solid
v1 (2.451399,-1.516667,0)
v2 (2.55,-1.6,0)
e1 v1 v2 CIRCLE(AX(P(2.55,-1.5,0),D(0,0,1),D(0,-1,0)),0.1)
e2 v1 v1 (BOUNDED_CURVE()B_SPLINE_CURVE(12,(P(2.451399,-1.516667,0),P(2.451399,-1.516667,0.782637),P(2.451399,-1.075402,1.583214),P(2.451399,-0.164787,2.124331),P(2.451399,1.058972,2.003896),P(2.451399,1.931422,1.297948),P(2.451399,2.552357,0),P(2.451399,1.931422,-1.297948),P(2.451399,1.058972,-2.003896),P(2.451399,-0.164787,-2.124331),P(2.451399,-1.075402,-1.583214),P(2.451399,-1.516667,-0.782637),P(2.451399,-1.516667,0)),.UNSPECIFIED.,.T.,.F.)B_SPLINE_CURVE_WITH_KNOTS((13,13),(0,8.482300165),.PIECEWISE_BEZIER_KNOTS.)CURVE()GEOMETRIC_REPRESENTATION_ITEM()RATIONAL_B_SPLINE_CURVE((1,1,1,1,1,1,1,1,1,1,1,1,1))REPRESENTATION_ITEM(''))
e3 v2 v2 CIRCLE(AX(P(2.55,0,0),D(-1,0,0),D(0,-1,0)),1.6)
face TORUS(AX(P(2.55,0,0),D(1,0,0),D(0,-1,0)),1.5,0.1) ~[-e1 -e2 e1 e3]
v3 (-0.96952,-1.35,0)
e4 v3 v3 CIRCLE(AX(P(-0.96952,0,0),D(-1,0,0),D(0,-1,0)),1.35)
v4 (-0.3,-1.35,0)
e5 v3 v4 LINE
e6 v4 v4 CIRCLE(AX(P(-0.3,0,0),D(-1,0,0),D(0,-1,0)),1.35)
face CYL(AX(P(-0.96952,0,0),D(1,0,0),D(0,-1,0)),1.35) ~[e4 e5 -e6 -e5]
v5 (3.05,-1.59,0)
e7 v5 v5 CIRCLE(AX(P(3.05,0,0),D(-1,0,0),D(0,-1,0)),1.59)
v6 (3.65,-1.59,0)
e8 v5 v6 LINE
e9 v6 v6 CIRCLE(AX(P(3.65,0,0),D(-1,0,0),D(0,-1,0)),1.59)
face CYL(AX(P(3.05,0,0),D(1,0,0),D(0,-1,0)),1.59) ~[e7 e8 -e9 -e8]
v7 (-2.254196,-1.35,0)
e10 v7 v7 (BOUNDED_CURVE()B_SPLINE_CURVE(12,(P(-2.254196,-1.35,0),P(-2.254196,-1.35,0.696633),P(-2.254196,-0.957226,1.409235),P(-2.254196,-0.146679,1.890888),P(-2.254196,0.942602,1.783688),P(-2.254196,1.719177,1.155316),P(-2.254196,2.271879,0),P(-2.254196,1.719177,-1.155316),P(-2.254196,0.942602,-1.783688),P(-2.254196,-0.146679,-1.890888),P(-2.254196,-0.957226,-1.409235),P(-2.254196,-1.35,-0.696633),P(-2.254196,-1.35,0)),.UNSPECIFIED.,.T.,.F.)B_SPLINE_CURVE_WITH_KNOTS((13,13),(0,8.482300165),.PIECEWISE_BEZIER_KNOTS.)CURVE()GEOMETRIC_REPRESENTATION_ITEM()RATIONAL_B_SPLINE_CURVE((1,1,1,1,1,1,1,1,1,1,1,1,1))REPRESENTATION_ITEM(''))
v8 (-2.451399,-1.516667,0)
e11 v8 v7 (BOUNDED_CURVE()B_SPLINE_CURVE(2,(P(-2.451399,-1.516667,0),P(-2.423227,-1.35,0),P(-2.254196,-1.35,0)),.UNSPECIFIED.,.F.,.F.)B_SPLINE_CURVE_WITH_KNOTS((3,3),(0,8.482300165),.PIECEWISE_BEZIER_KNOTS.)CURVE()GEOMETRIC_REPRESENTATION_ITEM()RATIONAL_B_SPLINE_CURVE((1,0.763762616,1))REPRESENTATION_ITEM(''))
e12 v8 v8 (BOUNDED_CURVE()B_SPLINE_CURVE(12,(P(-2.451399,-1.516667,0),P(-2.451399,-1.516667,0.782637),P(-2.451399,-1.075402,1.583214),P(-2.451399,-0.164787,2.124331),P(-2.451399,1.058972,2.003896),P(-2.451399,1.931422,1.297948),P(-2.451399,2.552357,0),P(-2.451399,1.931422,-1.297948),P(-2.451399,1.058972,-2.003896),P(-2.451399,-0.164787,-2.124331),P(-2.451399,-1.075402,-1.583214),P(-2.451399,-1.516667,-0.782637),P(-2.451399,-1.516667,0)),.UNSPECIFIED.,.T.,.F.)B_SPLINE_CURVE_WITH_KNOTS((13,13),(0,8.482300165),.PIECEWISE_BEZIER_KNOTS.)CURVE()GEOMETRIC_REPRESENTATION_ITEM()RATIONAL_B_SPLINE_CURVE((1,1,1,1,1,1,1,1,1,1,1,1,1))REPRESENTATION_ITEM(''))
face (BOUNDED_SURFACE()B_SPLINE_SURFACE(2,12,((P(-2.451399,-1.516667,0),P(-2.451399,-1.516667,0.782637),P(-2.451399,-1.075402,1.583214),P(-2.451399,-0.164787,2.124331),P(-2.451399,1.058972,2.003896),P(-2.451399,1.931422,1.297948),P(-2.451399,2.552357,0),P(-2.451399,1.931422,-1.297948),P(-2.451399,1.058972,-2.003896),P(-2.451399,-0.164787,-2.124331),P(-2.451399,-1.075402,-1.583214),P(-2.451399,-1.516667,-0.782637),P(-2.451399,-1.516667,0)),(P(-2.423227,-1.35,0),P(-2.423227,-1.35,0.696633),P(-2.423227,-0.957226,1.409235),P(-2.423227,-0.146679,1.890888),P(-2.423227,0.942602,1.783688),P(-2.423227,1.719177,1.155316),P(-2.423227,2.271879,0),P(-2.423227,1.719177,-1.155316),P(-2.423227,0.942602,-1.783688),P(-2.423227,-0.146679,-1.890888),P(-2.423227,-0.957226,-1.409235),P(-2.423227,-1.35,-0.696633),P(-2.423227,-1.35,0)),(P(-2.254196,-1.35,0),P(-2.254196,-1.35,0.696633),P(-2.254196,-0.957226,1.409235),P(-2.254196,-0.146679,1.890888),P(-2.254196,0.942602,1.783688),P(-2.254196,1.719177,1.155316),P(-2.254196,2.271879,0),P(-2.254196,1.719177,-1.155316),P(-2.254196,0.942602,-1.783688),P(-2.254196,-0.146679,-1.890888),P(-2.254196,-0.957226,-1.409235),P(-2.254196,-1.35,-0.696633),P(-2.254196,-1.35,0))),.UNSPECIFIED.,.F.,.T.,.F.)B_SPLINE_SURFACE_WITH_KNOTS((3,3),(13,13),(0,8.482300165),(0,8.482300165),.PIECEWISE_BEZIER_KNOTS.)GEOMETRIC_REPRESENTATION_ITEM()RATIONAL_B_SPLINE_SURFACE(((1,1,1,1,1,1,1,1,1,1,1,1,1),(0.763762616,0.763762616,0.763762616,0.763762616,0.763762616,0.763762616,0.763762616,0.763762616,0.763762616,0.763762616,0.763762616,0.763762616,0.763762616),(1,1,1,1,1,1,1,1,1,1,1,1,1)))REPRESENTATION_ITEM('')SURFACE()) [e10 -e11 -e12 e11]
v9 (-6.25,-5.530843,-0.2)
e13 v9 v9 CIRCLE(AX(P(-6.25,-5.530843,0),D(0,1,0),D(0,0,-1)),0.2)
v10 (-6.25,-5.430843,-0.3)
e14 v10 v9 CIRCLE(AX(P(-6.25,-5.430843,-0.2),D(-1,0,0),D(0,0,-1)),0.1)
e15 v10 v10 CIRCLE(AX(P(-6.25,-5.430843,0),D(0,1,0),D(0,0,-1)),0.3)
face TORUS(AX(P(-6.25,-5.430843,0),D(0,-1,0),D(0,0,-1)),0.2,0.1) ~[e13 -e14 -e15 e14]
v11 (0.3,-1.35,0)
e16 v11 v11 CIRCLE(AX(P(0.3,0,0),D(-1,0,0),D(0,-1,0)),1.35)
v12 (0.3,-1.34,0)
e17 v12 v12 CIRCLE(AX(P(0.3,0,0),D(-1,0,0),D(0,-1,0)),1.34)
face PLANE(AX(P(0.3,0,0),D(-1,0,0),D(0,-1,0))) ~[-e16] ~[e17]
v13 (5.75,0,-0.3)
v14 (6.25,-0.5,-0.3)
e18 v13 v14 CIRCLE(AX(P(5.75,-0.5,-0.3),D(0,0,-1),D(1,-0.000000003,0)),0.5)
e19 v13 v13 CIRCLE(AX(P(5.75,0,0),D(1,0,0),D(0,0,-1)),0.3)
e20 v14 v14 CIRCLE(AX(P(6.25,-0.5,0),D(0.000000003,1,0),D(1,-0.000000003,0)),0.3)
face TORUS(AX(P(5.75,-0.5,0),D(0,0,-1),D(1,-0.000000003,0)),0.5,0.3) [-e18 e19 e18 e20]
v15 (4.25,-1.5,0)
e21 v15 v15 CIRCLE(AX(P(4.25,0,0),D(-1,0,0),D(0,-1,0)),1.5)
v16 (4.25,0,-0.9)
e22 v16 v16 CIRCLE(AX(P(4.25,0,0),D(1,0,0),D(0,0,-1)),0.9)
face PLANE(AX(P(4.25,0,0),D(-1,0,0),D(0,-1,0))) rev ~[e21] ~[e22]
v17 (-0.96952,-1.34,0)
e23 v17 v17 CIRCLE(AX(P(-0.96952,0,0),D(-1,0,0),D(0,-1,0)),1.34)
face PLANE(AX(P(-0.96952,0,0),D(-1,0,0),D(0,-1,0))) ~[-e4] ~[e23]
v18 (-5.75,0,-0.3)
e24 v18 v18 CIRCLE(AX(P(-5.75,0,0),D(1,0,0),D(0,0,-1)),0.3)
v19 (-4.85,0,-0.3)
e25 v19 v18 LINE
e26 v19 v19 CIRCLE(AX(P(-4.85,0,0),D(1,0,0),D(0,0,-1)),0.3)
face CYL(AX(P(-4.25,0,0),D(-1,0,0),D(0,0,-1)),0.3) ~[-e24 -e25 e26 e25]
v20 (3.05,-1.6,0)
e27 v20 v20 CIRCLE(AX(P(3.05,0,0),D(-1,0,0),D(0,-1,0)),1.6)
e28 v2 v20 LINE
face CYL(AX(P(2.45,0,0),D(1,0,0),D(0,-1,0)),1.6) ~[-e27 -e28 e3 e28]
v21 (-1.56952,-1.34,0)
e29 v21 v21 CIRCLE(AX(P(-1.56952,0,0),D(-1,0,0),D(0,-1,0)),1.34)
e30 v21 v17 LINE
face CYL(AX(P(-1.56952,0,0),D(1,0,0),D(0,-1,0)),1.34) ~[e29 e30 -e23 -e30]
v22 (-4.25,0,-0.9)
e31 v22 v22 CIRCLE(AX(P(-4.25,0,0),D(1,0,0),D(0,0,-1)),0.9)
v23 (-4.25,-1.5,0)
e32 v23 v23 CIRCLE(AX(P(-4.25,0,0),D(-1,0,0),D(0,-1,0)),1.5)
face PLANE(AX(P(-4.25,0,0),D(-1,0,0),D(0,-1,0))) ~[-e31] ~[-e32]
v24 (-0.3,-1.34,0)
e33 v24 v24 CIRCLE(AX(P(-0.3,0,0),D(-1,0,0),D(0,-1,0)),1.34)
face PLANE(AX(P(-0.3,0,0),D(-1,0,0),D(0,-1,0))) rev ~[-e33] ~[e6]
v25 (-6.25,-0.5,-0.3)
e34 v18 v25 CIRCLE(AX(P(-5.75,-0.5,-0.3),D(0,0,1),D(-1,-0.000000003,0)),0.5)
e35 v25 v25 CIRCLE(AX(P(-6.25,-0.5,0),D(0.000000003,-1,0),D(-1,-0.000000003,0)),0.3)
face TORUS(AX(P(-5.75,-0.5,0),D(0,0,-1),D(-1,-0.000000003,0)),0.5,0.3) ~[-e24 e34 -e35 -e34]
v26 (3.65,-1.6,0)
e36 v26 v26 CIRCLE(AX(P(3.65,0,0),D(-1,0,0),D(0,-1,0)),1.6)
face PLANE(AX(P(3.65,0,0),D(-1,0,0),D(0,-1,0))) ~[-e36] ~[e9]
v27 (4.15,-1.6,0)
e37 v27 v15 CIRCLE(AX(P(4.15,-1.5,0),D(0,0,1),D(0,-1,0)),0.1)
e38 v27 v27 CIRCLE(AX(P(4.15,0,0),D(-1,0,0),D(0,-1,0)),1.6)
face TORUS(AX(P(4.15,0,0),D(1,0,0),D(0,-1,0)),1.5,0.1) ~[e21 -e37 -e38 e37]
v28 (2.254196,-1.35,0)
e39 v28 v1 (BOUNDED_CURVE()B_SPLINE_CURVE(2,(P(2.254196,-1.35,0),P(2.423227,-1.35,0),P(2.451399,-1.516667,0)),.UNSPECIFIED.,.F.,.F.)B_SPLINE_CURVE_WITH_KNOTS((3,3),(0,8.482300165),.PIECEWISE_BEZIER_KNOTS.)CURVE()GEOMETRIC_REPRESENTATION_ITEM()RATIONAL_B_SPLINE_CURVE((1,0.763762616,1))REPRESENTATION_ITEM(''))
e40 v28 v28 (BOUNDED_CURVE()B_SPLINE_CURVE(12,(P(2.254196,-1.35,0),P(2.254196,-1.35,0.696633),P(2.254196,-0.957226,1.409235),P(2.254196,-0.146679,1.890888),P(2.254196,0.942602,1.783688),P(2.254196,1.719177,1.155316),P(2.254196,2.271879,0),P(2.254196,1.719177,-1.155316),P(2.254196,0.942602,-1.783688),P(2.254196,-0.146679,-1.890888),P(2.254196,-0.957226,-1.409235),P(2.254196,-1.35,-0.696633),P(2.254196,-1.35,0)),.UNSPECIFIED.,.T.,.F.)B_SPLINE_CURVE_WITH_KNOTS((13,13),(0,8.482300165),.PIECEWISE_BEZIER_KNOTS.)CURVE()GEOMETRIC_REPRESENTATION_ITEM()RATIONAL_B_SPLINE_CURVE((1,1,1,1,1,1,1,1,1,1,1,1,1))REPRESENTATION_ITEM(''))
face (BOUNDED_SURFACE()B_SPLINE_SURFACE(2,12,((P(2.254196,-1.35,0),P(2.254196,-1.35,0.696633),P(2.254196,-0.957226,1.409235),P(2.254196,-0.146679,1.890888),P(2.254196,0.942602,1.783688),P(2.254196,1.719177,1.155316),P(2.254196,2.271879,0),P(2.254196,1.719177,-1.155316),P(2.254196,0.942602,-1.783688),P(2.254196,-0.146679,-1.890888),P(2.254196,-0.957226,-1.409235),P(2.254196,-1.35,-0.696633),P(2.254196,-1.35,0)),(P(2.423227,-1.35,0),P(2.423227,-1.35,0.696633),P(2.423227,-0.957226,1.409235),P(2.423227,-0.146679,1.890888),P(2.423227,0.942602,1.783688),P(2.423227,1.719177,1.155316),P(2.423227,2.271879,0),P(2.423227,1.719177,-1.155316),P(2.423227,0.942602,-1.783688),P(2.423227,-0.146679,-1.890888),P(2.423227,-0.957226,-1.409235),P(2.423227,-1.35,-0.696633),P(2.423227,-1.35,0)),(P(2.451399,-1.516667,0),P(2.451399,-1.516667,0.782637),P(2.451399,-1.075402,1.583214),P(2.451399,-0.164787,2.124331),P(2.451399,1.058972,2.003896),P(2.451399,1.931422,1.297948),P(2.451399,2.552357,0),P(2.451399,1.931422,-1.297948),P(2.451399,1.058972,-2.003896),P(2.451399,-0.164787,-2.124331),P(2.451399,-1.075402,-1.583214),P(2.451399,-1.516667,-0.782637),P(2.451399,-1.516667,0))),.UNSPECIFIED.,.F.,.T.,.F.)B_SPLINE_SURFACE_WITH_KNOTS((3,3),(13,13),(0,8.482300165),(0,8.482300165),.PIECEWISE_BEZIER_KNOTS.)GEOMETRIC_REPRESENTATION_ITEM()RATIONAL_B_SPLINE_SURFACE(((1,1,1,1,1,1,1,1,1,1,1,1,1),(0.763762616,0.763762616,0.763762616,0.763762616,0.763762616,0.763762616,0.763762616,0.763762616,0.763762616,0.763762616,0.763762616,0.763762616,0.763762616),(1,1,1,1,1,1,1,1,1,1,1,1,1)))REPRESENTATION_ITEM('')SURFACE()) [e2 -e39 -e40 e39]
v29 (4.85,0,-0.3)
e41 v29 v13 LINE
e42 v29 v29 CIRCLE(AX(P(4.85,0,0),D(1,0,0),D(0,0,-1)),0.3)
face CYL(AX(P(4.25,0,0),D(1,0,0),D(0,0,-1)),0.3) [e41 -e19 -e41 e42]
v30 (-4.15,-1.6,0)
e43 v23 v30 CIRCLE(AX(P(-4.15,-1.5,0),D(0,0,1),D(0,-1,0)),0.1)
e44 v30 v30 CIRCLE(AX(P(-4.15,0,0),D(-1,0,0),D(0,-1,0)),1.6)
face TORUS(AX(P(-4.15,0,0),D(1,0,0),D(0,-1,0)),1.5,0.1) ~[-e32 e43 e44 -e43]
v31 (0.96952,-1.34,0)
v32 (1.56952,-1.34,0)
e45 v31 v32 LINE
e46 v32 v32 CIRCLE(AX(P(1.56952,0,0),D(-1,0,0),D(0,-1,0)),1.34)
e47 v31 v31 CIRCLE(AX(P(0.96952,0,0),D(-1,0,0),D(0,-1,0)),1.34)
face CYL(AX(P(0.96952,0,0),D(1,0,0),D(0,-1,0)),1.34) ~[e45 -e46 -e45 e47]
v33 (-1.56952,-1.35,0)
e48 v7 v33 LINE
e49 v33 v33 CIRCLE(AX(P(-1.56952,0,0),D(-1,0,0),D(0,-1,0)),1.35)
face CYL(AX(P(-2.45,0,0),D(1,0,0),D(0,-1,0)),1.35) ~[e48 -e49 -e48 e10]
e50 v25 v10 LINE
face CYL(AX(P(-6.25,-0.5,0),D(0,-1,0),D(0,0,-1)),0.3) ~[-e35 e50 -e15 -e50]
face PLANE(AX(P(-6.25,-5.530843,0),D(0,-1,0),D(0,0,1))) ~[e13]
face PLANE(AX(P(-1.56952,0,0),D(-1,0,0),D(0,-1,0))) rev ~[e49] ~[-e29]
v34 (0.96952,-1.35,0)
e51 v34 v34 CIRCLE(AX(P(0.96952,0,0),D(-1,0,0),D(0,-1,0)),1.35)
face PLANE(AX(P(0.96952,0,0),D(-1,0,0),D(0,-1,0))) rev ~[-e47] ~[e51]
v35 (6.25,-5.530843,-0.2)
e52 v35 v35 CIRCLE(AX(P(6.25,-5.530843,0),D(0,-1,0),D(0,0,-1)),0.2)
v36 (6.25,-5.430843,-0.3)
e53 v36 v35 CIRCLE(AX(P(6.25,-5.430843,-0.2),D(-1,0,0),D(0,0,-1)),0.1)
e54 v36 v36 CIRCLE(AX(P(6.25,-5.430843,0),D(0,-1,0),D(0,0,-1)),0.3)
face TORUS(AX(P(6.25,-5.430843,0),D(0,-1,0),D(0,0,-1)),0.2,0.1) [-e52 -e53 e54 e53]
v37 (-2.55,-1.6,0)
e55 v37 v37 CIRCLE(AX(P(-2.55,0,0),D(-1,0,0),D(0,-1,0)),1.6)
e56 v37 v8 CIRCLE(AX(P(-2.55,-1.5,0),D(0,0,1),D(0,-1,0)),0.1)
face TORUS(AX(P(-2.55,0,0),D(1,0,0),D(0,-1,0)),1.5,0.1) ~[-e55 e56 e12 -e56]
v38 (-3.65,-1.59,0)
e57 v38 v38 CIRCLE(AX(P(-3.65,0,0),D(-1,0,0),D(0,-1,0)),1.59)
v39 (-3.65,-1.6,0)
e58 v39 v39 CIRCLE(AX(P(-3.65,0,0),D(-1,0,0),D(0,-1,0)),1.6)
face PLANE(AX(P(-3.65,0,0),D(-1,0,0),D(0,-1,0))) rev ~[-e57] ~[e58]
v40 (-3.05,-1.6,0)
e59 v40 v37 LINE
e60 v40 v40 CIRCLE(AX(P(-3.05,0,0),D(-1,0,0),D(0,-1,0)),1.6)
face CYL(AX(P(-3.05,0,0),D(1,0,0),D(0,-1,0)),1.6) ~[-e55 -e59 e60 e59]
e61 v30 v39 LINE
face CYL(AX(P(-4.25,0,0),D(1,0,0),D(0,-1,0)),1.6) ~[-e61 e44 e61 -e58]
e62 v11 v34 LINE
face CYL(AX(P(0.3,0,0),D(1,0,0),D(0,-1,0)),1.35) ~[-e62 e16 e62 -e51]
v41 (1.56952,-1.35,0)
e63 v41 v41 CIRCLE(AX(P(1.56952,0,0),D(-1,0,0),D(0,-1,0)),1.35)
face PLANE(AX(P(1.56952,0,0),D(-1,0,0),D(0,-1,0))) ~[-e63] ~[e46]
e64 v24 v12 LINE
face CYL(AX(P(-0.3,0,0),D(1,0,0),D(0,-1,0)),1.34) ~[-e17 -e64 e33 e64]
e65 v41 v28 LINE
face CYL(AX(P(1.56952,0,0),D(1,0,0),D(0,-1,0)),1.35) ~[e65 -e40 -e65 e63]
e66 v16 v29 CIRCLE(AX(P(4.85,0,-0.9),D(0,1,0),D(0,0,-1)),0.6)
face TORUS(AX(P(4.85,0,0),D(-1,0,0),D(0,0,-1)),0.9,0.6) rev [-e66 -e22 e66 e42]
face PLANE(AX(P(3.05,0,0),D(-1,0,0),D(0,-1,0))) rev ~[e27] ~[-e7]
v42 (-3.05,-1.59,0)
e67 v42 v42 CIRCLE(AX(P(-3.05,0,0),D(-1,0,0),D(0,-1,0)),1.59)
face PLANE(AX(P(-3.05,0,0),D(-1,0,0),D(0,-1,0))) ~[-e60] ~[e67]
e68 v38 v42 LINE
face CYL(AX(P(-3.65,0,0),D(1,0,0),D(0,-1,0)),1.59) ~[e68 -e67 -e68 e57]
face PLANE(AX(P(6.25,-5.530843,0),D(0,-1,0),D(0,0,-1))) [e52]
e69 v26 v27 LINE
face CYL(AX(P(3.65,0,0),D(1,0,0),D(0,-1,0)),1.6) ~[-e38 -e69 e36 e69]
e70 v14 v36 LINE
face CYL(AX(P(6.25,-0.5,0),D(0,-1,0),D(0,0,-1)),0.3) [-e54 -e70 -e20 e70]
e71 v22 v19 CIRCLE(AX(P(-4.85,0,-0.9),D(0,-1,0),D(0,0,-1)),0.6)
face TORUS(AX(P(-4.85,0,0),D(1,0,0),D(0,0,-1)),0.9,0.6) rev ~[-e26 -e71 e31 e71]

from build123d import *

# Parameters (mm, degrees)
SKETCH3_R  = 0.3
FILLET10_R = 0.1
FILLET11_R = 0.2
FILLET12_R = 0.6
FILLET13_R = 0.1


with BuildPart() as part:
    # Sketch1 → Revolve2 (revolve)
    with BuildSketch(Plane.XY):
        Polygon((4.25, 0), (-4.25, 0), (-4.25, -1.6), (-3.65, -1.6), (-3.65, -1.59), (-3.05, -1.59), (-3.05, -1.6), (-2.45, -1.6), (-2.45, -1.35), (-1.569520407, -1.35), (-1.569520407, -1.34), (-0.969520407, -1.34), (-0.969520407, -1.35), (-0.3, -1.35), (-0.3, -1.34), (0.3, -1.34), (0.3, -1.35), (0.969520407, -1.35), (0.969520407, -1.34), (1.569520407, -1.34), (1.569520407, -1.35), (2.45, -1.35), (2.45, -1.6), (3.05, -1.6), (3.05, -1.59), (3.65, -1.59), (3.65, -1.6), (4.25, -1.6), align=None)
    revolve(axis=Axis((4.25, 0, 0), (-1, 0, 0)))

    # Sweep2: sweep along a curve in space
    with BuildLine() as sweep2_path:
        Line((4.25, 0, 0), (5.75, 0, 0))
        ThreePointArc((6.25, -0.5, 0), (6.103553391, -0.146446609, 0), (5.75, 0, 0))
        Line((6.25, -0.5, 0), (6.25, -5.530842592, 0))
    # Sketch3 → Sweep2 (sweep)
    with BuildSketch(Plane(origin=(4.25, 0, 0), x_dir=(0, 0, -1), z_dir=(1, 0, 0))):
        Circle(SKETCH3_R)
    sweep2 = sweep(path=sweep2_path.line)

    # Mirror2: Sweep2 across plane
    add(sweep2.mirror(Plane(origin=(0, 0, 0), x_dir=(0, 0, 1), z_dir=(1, 0, 0))))

    # Fillet10
    fillet10_edges = [part.edges().sort_by_distance(p)[0] for p in [
        (2.45, 1.6, 0),
        (4.25, 1.6, 0),
        (-4.25, 1.6, 0),
        (-2.45, 1.6, 0),
    ]]
    fillet(fillet10_edges, radius=FILLET10_R)

    # Fillet11
    fillet11_edges = [part.edges().sort_by_distance(p)[0] for p in [
        (2.45, 1.35, 0),
        (-2.45, 1.35, 0),
    ]]
    fillet(fillet11_edges, radius=FILLET11_R)

    # Fillet12
    fillet12_edges = [part.edges().sort_by_distance(p)[0] for p in [
        (4.25, 0, 0.3),
        (-4.25, 0, 0.3),
    ]]
    fillet(fillet12_edges, radius=FILLET12_R)

    # Fillet13
    fillet13_edges = [part.edges().sort_by_distance(p)[0] for p in [
        (6.25, -5.530842592, 0.3),
        (-6.25, -5.530842592, 0.3),
    ]]
    fillet(fillet13_edges, radius=FILLET13_R)


solid = part.part
